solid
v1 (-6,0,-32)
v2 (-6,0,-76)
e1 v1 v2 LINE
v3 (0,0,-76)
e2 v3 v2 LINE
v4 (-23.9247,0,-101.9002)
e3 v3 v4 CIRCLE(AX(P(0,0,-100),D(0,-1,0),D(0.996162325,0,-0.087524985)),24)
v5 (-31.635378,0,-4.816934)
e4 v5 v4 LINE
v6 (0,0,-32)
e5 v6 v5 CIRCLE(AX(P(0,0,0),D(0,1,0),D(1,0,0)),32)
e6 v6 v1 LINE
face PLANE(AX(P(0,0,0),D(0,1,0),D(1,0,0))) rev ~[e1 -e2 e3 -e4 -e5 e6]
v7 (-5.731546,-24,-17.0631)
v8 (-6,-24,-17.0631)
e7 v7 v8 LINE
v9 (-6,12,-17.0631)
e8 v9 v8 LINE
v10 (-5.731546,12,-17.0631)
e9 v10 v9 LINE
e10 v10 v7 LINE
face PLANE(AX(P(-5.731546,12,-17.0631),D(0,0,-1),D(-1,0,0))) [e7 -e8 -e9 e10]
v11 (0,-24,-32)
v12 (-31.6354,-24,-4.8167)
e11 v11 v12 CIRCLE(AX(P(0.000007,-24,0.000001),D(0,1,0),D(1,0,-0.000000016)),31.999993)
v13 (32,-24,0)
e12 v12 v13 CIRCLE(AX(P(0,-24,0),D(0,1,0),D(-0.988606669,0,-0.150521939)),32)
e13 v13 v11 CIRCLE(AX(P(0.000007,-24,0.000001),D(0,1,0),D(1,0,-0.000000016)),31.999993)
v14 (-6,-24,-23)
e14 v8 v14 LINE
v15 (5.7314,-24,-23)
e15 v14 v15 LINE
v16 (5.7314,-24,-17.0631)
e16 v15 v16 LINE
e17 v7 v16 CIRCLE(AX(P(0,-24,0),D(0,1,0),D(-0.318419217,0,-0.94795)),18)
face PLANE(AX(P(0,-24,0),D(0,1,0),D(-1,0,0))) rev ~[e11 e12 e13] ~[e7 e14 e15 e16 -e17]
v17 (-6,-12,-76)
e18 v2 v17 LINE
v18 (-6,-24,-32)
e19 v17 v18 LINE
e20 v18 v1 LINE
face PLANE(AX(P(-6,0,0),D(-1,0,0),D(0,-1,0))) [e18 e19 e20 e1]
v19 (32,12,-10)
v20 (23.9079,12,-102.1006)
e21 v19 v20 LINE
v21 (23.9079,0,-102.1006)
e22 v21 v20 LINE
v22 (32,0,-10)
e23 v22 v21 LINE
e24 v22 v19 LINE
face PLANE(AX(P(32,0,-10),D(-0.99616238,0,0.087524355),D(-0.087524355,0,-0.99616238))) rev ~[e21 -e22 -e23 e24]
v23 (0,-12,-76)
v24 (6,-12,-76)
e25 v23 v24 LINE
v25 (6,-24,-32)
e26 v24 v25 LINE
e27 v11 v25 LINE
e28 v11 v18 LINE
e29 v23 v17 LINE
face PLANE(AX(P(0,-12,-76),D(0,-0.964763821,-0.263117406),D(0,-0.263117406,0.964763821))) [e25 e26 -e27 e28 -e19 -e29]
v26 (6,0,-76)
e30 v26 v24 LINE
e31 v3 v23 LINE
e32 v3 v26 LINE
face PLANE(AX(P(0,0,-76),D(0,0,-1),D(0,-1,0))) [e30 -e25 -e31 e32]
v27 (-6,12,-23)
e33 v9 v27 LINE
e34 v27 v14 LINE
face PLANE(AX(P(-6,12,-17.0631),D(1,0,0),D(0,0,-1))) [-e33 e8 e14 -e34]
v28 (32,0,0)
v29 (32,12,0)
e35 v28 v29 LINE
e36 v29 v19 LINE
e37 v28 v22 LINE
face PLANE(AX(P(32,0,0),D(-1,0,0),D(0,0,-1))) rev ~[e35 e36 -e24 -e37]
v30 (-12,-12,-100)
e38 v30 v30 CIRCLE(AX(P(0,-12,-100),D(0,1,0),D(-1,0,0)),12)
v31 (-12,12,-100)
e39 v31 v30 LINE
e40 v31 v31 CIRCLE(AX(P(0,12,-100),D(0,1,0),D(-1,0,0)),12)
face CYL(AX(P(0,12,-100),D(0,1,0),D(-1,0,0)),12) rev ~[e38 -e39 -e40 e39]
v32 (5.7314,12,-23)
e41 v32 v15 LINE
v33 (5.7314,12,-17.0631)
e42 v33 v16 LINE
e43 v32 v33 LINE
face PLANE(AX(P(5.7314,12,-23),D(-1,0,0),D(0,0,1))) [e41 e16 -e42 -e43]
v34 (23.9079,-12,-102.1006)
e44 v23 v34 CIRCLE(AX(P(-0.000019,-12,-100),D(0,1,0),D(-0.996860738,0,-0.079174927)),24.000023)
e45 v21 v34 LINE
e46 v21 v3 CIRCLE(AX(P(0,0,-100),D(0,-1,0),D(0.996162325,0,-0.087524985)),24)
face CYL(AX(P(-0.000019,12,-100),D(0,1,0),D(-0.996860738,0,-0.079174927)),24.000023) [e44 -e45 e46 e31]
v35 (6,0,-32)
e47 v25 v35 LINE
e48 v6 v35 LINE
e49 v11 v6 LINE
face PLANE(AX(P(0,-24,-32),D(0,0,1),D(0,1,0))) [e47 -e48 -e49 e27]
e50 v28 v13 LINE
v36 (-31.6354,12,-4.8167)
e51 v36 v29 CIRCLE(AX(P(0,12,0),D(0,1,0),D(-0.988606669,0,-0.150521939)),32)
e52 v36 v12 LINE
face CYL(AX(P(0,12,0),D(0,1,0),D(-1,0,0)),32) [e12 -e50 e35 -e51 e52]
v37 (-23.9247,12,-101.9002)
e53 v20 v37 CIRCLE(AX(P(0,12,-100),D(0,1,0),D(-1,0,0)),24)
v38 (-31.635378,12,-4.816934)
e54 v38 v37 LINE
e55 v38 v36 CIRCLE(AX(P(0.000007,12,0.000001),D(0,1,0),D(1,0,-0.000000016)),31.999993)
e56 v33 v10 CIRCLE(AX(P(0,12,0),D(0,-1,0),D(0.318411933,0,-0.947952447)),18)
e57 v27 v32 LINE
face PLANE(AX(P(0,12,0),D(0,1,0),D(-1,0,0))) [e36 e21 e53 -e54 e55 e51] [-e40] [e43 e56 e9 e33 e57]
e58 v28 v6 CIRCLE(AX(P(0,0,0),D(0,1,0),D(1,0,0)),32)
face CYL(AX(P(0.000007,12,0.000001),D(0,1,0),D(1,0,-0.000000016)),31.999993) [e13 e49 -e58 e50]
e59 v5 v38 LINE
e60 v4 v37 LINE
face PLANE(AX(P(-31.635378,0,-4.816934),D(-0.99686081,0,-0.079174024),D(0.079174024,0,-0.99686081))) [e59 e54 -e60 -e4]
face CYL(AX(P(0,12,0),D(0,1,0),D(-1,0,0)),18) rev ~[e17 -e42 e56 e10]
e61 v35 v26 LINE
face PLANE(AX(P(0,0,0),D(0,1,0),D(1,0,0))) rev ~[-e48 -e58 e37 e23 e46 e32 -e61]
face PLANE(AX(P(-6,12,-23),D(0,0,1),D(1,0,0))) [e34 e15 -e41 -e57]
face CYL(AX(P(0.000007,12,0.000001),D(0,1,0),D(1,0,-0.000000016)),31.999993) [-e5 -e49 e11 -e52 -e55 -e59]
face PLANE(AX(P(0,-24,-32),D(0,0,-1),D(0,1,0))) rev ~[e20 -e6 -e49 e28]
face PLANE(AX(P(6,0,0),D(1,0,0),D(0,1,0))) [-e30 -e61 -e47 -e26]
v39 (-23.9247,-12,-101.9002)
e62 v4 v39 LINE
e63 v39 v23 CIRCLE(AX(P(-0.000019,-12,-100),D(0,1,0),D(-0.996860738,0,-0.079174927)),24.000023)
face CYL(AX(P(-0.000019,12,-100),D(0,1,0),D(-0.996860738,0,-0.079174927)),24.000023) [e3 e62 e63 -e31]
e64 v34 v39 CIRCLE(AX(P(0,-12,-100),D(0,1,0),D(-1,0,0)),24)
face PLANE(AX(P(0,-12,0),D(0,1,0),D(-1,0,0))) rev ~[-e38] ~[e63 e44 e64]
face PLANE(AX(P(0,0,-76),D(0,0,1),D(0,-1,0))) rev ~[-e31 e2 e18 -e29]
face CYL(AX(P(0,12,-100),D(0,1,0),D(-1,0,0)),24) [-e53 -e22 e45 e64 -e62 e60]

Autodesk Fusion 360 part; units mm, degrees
sketch "Sketch1" plane through (0, 0, 0) normal (0, 1, 0) x (1, 0, 0)
  circle A0 centre (0, 0) radius 32
  circle A1 centre (0, 100) radius 24
  line L0 (32, 0) -> (32, 10)
  line L1 (32, 10) -> (23.9079, 102.1006)
  line L2 (-31.9991, 0.2374) -> (-23.9247, 101.9002)
  dimension "d1" = 64
  dimension "d2" = 48
extrude "Extrude1" add sketch "Sketch1" along normal blind 12 contours A0 A1 L0 L1 L2 makes body 1
sketch "Sketch2" plane through (0, 12, 0) normal (0, 1, 0) x (-1, 0, 0)
  line L0 (-32, -10) -> (-23.9079, -102.1006)
  arc A0 (23.9247, -101.9002) -> (-23.9079, -102.1006) centre (0, -100) ccw
  line L1 (23.9247, -101.9002) -> (31.6354, -4.8167)
  arc A1 (-32, 0) -> (31.6354, -4.8167) centre (0, 0) ccw
  line L2 (-32, 0) -> (-32, -10)
  circle A2 centre (0, 0) radius 32
  circle A3 centre (0, 0) radius 18
extrude "Extrude2" add sketch "Sketch2" against normal blind 36 contours A1 A2 bodies 1
sketch "Sketch3" plane through (0, 12, 0) normal (0, 1, 0) x (-1, 0, 0)
  circle A0 centre (0, 0) radius 18
  line L0 (-32, -10) -> (-23.9079, -102.1006)
  arc A1 (23.9247, -101.9002) -> (-23.9079, -102.1006) centre (0, -100) ccw
  line L1 (23.9247, -101.9002) -> (31.6354, -4.8167)
  arc A2 (31.6354, -4.8167) -> (-32, 0) centre (0, 0) ccw
  line L2 (-32, 0) -> (-32, -10)
  circle A3 centre (0, -100) radius 24
  circle A4 centre (0, -100) radius 12
  dimension "d7" = 24
extrude "Extrude3" add sketch "Sketch3" against normal blind 24 contours A1 A3 bodies 1
sketch "Sketch4" plane through (0, 12, 0) normal (0, 1, 0) x (-1, 0, 0)
  circle A0 centre (0, -100) radius 12
  circle A1 centre (0, 0) radius 18
  line L0 (-32, -10) -> (-23.9079, -102.1006)
  arc A2 (-23.9079, -102.1006) -> (23.9247, -101.9002) centre (0, -100) ccw
  line L1 (23.9247, -101.9002) -> (31.6354, -4.8167)
  arc A3 (31.6354, -4.8167) -> (-32, 0) centre (0, 0) ccw
  line L2 (-32, 0) -> (-32, -10)
  line L3 (-5.7314, -17.0631) -> (6, -17.0631)
  line L4 (6, -17.0631) -> (6, -23)
  line L5 (6, -23) -> (-5.7314, -23)
  line L6 (-5.7314, -23) -> (-5.7314, -17.0631)
extrude "Extrude4" cut sketch "Sketch4" against normal blind 36 contours A1 L3 L4 L5 L6 bodies 1
sketch "Sketch5" plane through (0, 0, 0) normal (1, 0, 0) x (0, 1, 0)
  line L0 (-12, -76) -> (-24, -32)
  line L1 (-24, -32) -> (0, -32)
  line L2 (0, -32) -> (0, -76)
  line L3 (0, -76) -> (-12, -76)
extrude "Extrude5" add sketch "Sketch5" along normal blind 6 separate body makes body 2
sketch "Sketch6" plane through (0, 0, 0) normal (-1, 0, 0) x (0, -1, 0)
  line L0 (0, -32) -> (0, -76)
  line L1 (0, -76) -> (12, -76)
  line L2 (12, -76) -> (24, -32)
  line L3 (24, -32) -> (0, -32)
  line L4 (24, -32) -> (0, -32)
  line L5 (0, -76) -> (12, -76)
extrude "Extrude6" add sketch "Sketch6" along normal blind 6 bodies 2 1
sketch "Sketch7" plane through (0, 0, 0) normal (0, 0, 1) x (1, 0, 0)
  spline S0 degree 5 poles (-200, -70) (-199.5071, -70.1071) (-198.5439, -70.3047) (-197.1668, -70.5516) (-195.4683, -70.7802) (-193.5919, -70.8856) (-191.9888, -70.7912) (-190.6902, -70.4741) (-189.725, -69.9134) (-189.1054, -69.1001) (-188.8176, -68.0441) (-188.8364, -67.0173) (-188.9827, -66.1506) (-189.138, -65.5306) (-189.2301, -65.21) knots 0 0 0 0 0 0 0.1 0.2 0.3 0.4 0.5 0.6 0.7 0.8 0.9 1 1 1 1 1 1
  point P0 (-190, -70)
